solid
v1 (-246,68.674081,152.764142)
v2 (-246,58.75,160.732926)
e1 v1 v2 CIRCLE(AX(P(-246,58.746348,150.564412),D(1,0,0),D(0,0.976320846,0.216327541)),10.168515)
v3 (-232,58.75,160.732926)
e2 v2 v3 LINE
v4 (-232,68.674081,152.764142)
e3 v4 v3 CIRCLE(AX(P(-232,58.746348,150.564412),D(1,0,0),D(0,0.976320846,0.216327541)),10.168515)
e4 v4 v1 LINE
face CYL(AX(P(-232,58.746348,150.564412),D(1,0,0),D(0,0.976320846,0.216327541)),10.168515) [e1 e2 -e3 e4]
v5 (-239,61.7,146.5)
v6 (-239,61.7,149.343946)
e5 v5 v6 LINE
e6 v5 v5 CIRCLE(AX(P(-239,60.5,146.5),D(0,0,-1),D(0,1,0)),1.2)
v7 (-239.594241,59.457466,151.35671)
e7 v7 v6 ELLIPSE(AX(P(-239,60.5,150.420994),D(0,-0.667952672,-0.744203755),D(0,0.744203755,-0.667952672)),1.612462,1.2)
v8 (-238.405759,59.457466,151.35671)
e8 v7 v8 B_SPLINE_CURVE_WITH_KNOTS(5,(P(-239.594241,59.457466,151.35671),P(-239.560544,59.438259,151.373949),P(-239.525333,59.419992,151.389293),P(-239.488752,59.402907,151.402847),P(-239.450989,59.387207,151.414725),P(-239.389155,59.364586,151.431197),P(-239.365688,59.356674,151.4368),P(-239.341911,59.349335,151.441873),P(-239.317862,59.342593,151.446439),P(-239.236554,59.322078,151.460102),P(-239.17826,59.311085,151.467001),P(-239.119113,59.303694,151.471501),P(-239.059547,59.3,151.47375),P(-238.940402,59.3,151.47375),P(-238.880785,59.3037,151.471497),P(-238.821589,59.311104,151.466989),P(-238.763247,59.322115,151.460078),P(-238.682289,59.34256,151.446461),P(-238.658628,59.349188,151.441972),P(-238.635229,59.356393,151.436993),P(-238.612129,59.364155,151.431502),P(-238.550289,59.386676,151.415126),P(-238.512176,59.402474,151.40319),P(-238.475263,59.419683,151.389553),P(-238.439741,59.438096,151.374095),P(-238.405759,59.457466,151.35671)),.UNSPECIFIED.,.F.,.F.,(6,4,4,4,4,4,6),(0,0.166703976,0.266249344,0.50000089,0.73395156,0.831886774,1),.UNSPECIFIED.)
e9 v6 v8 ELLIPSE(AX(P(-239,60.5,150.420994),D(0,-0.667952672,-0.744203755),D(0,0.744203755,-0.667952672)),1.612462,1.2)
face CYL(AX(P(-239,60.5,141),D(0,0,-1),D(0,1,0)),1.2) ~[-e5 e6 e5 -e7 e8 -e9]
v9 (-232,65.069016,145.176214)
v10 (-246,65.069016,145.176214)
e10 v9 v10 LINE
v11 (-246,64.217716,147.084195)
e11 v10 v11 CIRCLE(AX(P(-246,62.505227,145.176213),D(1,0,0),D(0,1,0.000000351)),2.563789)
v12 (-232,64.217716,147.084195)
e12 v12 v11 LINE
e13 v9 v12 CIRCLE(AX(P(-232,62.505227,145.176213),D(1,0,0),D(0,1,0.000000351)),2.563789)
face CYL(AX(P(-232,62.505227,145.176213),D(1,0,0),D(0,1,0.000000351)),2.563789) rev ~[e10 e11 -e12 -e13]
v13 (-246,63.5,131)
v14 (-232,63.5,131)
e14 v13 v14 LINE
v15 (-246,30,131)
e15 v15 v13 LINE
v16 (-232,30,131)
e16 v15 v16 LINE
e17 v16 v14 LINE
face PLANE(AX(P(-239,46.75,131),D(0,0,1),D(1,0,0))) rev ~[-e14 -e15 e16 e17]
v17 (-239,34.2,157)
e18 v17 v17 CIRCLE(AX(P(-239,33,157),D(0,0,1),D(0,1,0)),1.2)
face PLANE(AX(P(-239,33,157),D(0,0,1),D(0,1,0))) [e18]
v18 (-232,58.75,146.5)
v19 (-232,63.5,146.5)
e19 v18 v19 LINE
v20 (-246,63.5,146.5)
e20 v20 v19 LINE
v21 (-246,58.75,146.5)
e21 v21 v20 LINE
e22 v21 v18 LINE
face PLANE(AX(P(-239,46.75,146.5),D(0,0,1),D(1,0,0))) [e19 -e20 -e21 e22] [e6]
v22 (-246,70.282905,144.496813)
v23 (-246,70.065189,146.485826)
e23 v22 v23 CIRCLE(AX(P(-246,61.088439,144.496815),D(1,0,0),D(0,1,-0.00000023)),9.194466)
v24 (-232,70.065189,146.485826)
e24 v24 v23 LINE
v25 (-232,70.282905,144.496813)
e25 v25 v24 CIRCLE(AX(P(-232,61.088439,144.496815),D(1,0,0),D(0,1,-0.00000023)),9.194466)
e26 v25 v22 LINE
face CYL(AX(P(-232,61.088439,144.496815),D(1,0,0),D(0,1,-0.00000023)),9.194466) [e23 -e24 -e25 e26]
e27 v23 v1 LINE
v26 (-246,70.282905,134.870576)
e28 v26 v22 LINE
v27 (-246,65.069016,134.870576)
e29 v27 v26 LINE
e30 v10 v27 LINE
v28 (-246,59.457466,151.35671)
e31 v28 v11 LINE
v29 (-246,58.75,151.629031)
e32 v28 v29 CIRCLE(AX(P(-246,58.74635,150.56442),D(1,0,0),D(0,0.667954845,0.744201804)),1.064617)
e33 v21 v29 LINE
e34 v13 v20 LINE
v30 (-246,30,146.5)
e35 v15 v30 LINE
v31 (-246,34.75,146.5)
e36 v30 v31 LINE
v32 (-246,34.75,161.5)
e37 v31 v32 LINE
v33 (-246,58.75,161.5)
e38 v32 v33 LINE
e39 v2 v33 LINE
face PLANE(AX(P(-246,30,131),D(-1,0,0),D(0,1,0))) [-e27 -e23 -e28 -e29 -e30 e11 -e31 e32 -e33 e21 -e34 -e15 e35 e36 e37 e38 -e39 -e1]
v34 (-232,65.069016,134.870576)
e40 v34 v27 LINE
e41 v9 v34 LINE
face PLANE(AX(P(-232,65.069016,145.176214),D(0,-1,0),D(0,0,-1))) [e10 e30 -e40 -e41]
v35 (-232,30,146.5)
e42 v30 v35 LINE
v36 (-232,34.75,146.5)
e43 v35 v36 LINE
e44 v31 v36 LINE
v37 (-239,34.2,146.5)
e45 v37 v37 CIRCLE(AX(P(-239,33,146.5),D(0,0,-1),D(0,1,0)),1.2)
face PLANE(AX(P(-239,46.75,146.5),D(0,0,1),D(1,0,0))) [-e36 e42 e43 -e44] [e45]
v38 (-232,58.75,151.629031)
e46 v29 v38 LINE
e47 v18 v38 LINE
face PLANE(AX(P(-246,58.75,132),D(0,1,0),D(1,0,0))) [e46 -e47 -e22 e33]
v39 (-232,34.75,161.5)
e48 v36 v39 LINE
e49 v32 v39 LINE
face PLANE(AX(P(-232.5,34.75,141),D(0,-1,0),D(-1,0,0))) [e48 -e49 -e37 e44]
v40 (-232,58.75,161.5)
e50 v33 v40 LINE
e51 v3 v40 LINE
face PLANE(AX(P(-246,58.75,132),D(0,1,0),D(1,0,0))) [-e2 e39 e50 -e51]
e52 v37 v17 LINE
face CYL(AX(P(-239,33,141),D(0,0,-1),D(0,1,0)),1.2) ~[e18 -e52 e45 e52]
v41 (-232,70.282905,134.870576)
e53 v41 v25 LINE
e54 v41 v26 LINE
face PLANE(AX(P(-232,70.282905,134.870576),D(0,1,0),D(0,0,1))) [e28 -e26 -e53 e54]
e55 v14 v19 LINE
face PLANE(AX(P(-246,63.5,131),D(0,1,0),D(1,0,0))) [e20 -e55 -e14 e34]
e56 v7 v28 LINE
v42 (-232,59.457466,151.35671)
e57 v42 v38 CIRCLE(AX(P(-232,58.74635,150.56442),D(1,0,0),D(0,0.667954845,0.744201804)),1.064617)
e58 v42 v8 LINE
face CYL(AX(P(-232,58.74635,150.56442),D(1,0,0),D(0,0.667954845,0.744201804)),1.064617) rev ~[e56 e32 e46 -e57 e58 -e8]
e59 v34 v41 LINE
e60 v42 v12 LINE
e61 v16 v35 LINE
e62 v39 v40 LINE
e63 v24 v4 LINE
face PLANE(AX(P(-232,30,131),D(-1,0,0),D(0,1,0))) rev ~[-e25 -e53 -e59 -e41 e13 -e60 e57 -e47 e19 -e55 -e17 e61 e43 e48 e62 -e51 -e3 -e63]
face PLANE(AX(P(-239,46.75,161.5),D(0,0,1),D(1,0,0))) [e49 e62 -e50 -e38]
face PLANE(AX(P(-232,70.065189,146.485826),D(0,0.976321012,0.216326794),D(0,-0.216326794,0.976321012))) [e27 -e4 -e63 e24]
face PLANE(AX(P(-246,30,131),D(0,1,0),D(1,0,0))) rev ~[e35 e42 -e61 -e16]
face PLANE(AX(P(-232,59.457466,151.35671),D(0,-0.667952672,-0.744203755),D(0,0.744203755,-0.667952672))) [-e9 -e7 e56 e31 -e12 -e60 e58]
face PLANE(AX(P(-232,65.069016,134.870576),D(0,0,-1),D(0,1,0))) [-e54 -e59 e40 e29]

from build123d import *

# Parameters (mm, degrees)
PAD015_DEPTH = 14
SKETCH019_R  = 1.2
SKETCH019_W  = 24
SKETCH019_H  = 13
PAD014_DEPTH = 16
BOX068_W     = 14
BOX068_H     = 24
BOX068_DEPTH = 29.5
BOX067_W     = 14
BOX067_H     = 33.5
BOX067_DEPTH = 15.5


with BuildPart() as pad015:
    # Sketch020 → Pad015 (new body)
    with BuildSketch(Plane.YZ.offset(-232)):
        with BuildLine():
            Line((58.746344, 151.629037), (56.780618, 151.629037))
            Line((56.780618, 151.629037), (56.780618, 160.732927))
            Line((56.780618, 160.732927), (58.746348, 160.732927))
            ThreePointArc((68.674081, 152.764142), (65.111515, 158.494314), (58.746348, 160.732927))
            Line((70.065189, 146.485826), (68.674081, 152.764142))
            ThreePointArc((70.282905, 144.496813), (70.228314, 145.49726), (70.065189, 146.485826))
            Line((70.282905, 134.870576), (70.282905, 144.496813))
            Line((65.069016, 134.870576), (70.282905, 134.870576))
            Line((65.069016, 145.176214), (65.069016, 134.870576))
            ThreePointArc((65.069016, 145.176214), (64.846538, 146.220855), (64.217716, 147.084195))
            Line((59.457466, 151.35671), (64.217716, 147.084195))
            ThreePointArc((59.457466, 151.35671), (59.127086, 151.558628), (58.746344, 151.629037))
        make_face()
    extrude(amount=-PAD015_DEPTH)


with BuildPart() as pad014:
    # Sketch019 → Pad014 (new body)
    with BuildSketch(Plane(origin=(-119, 23.5, 141), x_dir=(0, 1, 0), z_dir=(0, 0, 1))):
        with Locations((37, 120)):
            Circle(SKETCH019_R)
        with Locations((9.5, 120)):
            Circle(SKETCH019_R)
        with Locations((23.25, 120)):
            Rectangle(SKETCH019_W, SKETCH019_H)
    extrude(amount=PAD014_DEPTH)


with BuildPart() as cubo014:
    # Box068 → Box068 (new body)
    with BuildSketch(Plane(origin=(-246, 34.75, 132), x_dir=(1, 0, 0), z_dir=(0, 0, 1))):
        with Locations((7, 12)):
            Rectangle(BOX068_W, BOX068_H)
    extrude(amount=BOX068_DEPTH)


with BuildPart() as head_positive_cut:
    # Box067 → Box067 (new body)
    with BuildSketch(Plane(origin=(-246, 30, 131), x_dir=(1, 0, 0), z_dir=(0, 0, 1))):
        with Locations((7, 16.75)):
            Rectangle(BOX067_W, BOX067_H)
    extrude(amount=BOX067_DEPTH)

    # Fusion065: union Pad015, Pad014, Cubo014
    add(pad015.part)
    add(pad014.part)
    add(cubo014.part)


solid = head_positive_cut.part
